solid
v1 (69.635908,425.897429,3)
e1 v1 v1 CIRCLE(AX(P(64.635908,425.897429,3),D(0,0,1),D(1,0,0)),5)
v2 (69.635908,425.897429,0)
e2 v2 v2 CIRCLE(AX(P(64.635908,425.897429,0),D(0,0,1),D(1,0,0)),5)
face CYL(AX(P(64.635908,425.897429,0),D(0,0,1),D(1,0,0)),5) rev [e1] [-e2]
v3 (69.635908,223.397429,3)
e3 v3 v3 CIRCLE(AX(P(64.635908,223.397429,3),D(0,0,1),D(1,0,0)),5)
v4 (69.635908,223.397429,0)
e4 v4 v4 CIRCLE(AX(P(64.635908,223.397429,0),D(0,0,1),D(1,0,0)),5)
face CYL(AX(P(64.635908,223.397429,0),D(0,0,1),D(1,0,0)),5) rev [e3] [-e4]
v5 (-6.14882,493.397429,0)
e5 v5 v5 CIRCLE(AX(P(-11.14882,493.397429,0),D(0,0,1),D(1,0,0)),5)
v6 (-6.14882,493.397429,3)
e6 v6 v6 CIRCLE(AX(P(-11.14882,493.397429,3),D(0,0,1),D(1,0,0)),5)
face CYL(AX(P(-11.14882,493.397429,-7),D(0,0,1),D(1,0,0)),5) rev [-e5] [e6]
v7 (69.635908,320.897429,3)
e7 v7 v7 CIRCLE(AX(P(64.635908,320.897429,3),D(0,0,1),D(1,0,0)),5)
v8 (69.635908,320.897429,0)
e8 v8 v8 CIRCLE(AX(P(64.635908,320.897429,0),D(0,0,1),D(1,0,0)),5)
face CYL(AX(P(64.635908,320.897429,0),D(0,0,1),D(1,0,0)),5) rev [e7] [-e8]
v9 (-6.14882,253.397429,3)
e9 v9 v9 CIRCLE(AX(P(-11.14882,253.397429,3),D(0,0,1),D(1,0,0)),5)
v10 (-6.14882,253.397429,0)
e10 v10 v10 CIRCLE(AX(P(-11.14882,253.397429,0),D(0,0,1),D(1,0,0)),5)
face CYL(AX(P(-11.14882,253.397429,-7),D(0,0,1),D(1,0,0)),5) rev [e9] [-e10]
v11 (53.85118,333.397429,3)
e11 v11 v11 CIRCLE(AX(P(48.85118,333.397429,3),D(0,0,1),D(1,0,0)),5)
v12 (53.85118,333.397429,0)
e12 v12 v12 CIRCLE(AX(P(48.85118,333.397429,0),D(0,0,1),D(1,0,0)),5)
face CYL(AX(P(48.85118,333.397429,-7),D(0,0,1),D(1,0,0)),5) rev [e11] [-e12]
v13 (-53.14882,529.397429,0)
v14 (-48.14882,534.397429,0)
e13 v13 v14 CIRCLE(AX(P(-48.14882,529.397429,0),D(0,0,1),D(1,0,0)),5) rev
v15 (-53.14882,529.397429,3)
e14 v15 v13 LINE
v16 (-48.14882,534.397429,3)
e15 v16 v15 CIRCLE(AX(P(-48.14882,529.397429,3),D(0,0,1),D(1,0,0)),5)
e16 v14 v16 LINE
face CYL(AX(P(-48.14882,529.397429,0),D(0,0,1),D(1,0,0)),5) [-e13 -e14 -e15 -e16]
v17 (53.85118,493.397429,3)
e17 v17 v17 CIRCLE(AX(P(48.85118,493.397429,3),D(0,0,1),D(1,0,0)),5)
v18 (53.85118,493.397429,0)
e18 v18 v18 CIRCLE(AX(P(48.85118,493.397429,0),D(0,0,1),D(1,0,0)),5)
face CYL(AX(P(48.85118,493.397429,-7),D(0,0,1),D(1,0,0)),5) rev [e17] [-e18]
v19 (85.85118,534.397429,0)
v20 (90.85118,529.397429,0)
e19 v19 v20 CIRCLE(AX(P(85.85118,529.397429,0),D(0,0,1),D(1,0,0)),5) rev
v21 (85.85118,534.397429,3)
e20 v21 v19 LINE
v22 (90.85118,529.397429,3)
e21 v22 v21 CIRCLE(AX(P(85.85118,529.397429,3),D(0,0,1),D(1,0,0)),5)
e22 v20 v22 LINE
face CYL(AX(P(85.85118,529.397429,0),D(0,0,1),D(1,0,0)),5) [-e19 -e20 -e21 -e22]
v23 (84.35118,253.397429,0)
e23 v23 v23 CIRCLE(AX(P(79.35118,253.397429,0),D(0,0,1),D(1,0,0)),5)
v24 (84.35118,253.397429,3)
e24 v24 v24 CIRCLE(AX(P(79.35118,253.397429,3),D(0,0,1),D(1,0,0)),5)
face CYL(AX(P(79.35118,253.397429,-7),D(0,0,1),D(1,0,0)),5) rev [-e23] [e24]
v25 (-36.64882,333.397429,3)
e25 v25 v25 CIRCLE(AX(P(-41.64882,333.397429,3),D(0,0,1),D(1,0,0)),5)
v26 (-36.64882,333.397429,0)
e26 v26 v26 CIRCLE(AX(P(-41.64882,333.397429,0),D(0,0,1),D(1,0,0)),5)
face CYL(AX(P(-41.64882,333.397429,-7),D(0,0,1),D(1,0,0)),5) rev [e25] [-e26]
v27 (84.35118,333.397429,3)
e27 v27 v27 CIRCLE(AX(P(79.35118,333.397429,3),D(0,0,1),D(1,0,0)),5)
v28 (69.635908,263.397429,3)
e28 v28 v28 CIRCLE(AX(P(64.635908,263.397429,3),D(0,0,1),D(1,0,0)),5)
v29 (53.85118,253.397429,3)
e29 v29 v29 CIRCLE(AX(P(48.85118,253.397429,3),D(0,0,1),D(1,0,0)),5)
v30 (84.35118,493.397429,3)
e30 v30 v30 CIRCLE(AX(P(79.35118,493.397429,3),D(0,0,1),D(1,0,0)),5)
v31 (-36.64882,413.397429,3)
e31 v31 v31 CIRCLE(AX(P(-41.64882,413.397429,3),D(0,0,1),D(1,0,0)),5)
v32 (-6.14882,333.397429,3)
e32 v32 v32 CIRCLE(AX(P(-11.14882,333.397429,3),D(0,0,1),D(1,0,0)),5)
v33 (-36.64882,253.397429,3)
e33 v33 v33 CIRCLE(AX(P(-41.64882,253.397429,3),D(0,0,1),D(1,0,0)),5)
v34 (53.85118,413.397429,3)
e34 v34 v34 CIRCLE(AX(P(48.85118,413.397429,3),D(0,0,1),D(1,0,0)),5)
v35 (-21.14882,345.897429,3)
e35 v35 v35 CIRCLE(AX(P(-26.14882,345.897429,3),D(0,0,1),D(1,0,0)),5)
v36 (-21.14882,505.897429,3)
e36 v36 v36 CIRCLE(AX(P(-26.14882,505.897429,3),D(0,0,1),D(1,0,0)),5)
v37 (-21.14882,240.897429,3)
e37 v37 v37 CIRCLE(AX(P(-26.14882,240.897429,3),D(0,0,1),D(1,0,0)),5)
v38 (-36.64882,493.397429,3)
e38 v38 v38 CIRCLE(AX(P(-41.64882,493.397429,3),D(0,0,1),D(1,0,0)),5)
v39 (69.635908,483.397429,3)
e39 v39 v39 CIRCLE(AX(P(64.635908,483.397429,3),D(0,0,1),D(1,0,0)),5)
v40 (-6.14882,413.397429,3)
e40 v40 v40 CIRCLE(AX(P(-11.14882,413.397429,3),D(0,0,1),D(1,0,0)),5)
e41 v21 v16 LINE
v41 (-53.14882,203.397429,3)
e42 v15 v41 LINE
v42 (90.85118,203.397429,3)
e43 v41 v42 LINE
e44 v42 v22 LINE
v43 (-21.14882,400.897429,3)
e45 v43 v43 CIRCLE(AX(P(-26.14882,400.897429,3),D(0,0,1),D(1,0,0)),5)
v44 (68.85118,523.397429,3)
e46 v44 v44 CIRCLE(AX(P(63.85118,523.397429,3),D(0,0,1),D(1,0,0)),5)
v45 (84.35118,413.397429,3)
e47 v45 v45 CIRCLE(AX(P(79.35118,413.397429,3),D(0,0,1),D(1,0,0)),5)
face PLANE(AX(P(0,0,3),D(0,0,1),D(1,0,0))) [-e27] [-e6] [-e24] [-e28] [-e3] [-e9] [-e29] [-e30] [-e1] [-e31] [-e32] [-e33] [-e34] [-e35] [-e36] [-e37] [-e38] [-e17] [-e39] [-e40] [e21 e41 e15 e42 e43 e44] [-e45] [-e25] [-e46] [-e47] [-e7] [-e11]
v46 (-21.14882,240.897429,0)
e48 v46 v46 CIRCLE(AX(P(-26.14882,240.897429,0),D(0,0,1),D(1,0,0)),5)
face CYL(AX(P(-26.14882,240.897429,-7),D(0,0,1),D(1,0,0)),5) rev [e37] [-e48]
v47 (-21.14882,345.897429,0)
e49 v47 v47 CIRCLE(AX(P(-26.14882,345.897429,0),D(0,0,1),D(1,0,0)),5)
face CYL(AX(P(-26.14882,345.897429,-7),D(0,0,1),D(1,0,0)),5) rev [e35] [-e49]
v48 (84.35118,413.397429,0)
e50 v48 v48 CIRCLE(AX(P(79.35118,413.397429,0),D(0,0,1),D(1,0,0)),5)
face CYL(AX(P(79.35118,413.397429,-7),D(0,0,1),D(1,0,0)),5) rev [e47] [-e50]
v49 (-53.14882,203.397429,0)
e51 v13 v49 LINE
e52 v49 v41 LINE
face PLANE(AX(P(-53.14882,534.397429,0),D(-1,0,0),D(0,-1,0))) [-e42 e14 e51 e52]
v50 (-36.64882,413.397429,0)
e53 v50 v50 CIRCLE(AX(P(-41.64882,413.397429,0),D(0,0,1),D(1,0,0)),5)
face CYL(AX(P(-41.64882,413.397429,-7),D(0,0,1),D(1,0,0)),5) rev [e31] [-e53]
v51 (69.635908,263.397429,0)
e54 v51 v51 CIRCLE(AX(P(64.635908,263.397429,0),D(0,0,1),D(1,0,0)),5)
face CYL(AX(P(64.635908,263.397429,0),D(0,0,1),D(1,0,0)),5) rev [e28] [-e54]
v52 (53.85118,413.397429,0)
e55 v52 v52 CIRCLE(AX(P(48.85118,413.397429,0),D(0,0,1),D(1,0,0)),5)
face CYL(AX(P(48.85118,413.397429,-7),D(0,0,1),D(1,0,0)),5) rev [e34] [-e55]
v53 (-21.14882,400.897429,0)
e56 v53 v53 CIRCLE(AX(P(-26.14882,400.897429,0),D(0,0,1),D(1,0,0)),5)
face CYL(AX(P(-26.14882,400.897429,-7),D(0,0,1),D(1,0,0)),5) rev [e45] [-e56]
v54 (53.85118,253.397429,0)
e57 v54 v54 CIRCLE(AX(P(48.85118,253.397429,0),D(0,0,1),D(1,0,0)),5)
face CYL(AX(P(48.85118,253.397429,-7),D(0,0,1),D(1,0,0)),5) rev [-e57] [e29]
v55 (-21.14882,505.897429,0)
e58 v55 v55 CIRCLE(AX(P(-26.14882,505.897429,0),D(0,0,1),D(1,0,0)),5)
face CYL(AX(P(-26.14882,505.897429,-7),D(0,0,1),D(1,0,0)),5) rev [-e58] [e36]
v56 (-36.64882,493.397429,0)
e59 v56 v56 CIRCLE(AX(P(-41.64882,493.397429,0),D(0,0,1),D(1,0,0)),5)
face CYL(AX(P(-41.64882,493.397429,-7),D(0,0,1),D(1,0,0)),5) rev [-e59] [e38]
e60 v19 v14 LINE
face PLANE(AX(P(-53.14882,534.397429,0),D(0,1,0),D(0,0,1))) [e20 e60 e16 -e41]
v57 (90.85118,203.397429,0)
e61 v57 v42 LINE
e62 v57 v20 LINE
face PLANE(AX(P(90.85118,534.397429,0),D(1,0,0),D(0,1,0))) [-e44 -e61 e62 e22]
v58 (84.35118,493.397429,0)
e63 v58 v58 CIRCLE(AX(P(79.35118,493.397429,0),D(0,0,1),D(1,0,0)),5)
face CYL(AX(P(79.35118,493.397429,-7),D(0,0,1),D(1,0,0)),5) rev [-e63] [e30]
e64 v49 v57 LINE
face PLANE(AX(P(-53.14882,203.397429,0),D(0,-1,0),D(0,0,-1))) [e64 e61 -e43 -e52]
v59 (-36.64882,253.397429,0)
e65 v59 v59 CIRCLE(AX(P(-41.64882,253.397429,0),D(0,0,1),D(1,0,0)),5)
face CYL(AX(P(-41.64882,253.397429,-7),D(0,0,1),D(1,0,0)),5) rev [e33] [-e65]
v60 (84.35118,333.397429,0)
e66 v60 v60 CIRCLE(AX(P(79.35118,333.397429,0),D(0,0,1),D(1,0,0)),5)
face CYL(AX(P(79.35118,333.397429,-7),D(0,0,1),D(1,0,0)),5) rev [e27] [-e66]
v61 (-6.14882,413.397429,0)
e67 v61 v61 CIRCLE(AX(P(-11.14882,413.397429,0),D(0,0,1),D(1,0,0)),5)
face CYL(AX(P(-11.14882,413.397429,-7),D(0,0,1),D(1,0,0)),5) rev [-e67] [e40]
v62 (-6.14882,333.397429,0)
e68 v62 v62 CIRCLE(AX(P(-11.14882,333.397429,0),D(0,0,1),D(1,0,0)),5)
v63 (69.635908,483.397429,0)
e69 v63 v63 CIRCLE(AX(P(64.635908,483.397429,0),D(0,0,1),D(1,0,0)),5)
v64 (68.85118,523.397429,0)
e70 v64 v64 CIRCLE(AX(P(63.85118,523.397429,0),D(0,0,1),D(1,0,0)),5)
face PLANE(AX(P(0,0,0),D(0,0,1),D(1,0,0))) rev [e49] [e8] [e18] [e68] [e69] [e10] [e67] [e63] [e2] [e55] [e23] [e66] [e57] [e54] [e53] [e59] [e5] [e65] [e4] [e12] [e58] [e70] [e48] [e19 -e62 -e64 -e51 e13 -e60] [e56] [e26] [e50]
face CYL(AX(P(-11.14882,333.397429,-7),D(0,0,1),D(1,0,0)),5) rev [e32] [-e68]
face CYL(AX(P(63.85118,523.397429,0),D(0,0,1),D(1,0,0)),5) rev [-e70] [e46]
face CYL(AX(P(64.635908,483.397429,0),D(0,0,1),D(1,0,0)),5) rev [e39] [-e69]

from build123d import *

# Parameters (mm, degrees)
SKETCH1_W           = 144
SKETCH1_H           = 331
BOSS_EXTRUDE1_DEPTH = 3
SKETCH2_R           = 5
CUT_EXTRUDE1_DEPTH  = 543.073379748
SKETCH3_R           = 5
CUT_EXTRUDE2_DEPTH  = 10
SKETCH4_R           = 5
CUT_EXTRUDE3_DEPTH  = 10
LPATTERN1_COUNT     = 4
LPATTERN1_PITCH     = 80
FILLET1_R           = 5


with BuildPart() as part:
    # Sketch1 → Boss-Extrude1 (new body)
    with BuildSketch(Plane.XY.offset(3)):
        with Locations((18.851179955, 368.89742901)):
            Rectangle(SKETCH1_W, SKETCH1_H)
    extrude(amount=-BOSS_EXTRUDE1_DEPTH)

    # Sketch2 → Cut-Extrude1 (cut, through all)
    with BuildSketch(Plane.XY.offset(3)):
        with Locations((63.851179955, 523.39742901)):
            Circle(SKETCH2_R)
        with Locations((64.635907686, 483.39742901)):
            Circle(SKETCH2_R)
        with Locations((64.635907686, 425.89742901)):
            Circle(SKETCH2_R)
        with Locations((64.635907686, 320.89742901)):
            Circle(SKETCH2_R)
        with Locations((64.635907686, 263.39742901)):
            Circle(SKETCH2_R)
        with Locations((64.635907686, 223.39742901)):
            Circle(SKETCH2_R)
    extrude(amount=-CUT_EXTRUDE1_DEPTH, mode=Mode.SUBTRACT)

    # Sketch3 → Cut-Extrude2 (cut)
    with BuildSketch(Plane.XY.offset(3)):
        with Locations((-26.148820045, 505.89742901)):
            Circle(SKETCH3_R)
        with Locations((-26.148820045, 400.89742901)):
            Circle(SKETCH3_R)
        with Locations((-26.148820045, 345.89742901)):
            Circle(SKETCH3_R)
        with Locations((-26.148820045, 240.89742901)):
            Circle(SKETCH3_R)
    extrude(amount=-CUT_EXTRUDE2_DEPTH, mode=Mode.SUBTRACT)

    # Sketch4 → Cut-Extrude3 (cut)
    with BuildSketch(Plane.XY.offset(3)):
        with Locations((-41.648820045, 253.39742901)):
            Circle(SKETCH4_R)
        with Locations((-11.148820045, 253.39742901)):
            Circle(SKETCH4_R)
        with Locations((48.851179955, 253.39742901)):
            Circle(SKETCH4_R)
        with Locations((79.351179955, 253.39742901)):
            Circle(SKETCH4_R)
    cut_extrude3 = extrude(amount=-CUT_EXTRUDE3_DEPTH, mode=Mode.SUBTRACT)

    # LPattern1: Cut-Extrude3 ×4
    with Locations(*[(0, i * LPATTERN1_PITCH, 0) for i in range(1, LPATTERN1_COUNT)]):
        add(cut_extrude3, mode=Mode.SUBTRACT)

    # Fillet1
    fillet1_edges = [part.edges().sort_by_distance(p)[0] for p in [
        (-53.148820045, 534.39742901, 1.5),
        (90.851179955, 534.39742901, 1.5),
    ]]
    fillet(fillet1_edges, radius=FILLET1_R)


solid = part.part
